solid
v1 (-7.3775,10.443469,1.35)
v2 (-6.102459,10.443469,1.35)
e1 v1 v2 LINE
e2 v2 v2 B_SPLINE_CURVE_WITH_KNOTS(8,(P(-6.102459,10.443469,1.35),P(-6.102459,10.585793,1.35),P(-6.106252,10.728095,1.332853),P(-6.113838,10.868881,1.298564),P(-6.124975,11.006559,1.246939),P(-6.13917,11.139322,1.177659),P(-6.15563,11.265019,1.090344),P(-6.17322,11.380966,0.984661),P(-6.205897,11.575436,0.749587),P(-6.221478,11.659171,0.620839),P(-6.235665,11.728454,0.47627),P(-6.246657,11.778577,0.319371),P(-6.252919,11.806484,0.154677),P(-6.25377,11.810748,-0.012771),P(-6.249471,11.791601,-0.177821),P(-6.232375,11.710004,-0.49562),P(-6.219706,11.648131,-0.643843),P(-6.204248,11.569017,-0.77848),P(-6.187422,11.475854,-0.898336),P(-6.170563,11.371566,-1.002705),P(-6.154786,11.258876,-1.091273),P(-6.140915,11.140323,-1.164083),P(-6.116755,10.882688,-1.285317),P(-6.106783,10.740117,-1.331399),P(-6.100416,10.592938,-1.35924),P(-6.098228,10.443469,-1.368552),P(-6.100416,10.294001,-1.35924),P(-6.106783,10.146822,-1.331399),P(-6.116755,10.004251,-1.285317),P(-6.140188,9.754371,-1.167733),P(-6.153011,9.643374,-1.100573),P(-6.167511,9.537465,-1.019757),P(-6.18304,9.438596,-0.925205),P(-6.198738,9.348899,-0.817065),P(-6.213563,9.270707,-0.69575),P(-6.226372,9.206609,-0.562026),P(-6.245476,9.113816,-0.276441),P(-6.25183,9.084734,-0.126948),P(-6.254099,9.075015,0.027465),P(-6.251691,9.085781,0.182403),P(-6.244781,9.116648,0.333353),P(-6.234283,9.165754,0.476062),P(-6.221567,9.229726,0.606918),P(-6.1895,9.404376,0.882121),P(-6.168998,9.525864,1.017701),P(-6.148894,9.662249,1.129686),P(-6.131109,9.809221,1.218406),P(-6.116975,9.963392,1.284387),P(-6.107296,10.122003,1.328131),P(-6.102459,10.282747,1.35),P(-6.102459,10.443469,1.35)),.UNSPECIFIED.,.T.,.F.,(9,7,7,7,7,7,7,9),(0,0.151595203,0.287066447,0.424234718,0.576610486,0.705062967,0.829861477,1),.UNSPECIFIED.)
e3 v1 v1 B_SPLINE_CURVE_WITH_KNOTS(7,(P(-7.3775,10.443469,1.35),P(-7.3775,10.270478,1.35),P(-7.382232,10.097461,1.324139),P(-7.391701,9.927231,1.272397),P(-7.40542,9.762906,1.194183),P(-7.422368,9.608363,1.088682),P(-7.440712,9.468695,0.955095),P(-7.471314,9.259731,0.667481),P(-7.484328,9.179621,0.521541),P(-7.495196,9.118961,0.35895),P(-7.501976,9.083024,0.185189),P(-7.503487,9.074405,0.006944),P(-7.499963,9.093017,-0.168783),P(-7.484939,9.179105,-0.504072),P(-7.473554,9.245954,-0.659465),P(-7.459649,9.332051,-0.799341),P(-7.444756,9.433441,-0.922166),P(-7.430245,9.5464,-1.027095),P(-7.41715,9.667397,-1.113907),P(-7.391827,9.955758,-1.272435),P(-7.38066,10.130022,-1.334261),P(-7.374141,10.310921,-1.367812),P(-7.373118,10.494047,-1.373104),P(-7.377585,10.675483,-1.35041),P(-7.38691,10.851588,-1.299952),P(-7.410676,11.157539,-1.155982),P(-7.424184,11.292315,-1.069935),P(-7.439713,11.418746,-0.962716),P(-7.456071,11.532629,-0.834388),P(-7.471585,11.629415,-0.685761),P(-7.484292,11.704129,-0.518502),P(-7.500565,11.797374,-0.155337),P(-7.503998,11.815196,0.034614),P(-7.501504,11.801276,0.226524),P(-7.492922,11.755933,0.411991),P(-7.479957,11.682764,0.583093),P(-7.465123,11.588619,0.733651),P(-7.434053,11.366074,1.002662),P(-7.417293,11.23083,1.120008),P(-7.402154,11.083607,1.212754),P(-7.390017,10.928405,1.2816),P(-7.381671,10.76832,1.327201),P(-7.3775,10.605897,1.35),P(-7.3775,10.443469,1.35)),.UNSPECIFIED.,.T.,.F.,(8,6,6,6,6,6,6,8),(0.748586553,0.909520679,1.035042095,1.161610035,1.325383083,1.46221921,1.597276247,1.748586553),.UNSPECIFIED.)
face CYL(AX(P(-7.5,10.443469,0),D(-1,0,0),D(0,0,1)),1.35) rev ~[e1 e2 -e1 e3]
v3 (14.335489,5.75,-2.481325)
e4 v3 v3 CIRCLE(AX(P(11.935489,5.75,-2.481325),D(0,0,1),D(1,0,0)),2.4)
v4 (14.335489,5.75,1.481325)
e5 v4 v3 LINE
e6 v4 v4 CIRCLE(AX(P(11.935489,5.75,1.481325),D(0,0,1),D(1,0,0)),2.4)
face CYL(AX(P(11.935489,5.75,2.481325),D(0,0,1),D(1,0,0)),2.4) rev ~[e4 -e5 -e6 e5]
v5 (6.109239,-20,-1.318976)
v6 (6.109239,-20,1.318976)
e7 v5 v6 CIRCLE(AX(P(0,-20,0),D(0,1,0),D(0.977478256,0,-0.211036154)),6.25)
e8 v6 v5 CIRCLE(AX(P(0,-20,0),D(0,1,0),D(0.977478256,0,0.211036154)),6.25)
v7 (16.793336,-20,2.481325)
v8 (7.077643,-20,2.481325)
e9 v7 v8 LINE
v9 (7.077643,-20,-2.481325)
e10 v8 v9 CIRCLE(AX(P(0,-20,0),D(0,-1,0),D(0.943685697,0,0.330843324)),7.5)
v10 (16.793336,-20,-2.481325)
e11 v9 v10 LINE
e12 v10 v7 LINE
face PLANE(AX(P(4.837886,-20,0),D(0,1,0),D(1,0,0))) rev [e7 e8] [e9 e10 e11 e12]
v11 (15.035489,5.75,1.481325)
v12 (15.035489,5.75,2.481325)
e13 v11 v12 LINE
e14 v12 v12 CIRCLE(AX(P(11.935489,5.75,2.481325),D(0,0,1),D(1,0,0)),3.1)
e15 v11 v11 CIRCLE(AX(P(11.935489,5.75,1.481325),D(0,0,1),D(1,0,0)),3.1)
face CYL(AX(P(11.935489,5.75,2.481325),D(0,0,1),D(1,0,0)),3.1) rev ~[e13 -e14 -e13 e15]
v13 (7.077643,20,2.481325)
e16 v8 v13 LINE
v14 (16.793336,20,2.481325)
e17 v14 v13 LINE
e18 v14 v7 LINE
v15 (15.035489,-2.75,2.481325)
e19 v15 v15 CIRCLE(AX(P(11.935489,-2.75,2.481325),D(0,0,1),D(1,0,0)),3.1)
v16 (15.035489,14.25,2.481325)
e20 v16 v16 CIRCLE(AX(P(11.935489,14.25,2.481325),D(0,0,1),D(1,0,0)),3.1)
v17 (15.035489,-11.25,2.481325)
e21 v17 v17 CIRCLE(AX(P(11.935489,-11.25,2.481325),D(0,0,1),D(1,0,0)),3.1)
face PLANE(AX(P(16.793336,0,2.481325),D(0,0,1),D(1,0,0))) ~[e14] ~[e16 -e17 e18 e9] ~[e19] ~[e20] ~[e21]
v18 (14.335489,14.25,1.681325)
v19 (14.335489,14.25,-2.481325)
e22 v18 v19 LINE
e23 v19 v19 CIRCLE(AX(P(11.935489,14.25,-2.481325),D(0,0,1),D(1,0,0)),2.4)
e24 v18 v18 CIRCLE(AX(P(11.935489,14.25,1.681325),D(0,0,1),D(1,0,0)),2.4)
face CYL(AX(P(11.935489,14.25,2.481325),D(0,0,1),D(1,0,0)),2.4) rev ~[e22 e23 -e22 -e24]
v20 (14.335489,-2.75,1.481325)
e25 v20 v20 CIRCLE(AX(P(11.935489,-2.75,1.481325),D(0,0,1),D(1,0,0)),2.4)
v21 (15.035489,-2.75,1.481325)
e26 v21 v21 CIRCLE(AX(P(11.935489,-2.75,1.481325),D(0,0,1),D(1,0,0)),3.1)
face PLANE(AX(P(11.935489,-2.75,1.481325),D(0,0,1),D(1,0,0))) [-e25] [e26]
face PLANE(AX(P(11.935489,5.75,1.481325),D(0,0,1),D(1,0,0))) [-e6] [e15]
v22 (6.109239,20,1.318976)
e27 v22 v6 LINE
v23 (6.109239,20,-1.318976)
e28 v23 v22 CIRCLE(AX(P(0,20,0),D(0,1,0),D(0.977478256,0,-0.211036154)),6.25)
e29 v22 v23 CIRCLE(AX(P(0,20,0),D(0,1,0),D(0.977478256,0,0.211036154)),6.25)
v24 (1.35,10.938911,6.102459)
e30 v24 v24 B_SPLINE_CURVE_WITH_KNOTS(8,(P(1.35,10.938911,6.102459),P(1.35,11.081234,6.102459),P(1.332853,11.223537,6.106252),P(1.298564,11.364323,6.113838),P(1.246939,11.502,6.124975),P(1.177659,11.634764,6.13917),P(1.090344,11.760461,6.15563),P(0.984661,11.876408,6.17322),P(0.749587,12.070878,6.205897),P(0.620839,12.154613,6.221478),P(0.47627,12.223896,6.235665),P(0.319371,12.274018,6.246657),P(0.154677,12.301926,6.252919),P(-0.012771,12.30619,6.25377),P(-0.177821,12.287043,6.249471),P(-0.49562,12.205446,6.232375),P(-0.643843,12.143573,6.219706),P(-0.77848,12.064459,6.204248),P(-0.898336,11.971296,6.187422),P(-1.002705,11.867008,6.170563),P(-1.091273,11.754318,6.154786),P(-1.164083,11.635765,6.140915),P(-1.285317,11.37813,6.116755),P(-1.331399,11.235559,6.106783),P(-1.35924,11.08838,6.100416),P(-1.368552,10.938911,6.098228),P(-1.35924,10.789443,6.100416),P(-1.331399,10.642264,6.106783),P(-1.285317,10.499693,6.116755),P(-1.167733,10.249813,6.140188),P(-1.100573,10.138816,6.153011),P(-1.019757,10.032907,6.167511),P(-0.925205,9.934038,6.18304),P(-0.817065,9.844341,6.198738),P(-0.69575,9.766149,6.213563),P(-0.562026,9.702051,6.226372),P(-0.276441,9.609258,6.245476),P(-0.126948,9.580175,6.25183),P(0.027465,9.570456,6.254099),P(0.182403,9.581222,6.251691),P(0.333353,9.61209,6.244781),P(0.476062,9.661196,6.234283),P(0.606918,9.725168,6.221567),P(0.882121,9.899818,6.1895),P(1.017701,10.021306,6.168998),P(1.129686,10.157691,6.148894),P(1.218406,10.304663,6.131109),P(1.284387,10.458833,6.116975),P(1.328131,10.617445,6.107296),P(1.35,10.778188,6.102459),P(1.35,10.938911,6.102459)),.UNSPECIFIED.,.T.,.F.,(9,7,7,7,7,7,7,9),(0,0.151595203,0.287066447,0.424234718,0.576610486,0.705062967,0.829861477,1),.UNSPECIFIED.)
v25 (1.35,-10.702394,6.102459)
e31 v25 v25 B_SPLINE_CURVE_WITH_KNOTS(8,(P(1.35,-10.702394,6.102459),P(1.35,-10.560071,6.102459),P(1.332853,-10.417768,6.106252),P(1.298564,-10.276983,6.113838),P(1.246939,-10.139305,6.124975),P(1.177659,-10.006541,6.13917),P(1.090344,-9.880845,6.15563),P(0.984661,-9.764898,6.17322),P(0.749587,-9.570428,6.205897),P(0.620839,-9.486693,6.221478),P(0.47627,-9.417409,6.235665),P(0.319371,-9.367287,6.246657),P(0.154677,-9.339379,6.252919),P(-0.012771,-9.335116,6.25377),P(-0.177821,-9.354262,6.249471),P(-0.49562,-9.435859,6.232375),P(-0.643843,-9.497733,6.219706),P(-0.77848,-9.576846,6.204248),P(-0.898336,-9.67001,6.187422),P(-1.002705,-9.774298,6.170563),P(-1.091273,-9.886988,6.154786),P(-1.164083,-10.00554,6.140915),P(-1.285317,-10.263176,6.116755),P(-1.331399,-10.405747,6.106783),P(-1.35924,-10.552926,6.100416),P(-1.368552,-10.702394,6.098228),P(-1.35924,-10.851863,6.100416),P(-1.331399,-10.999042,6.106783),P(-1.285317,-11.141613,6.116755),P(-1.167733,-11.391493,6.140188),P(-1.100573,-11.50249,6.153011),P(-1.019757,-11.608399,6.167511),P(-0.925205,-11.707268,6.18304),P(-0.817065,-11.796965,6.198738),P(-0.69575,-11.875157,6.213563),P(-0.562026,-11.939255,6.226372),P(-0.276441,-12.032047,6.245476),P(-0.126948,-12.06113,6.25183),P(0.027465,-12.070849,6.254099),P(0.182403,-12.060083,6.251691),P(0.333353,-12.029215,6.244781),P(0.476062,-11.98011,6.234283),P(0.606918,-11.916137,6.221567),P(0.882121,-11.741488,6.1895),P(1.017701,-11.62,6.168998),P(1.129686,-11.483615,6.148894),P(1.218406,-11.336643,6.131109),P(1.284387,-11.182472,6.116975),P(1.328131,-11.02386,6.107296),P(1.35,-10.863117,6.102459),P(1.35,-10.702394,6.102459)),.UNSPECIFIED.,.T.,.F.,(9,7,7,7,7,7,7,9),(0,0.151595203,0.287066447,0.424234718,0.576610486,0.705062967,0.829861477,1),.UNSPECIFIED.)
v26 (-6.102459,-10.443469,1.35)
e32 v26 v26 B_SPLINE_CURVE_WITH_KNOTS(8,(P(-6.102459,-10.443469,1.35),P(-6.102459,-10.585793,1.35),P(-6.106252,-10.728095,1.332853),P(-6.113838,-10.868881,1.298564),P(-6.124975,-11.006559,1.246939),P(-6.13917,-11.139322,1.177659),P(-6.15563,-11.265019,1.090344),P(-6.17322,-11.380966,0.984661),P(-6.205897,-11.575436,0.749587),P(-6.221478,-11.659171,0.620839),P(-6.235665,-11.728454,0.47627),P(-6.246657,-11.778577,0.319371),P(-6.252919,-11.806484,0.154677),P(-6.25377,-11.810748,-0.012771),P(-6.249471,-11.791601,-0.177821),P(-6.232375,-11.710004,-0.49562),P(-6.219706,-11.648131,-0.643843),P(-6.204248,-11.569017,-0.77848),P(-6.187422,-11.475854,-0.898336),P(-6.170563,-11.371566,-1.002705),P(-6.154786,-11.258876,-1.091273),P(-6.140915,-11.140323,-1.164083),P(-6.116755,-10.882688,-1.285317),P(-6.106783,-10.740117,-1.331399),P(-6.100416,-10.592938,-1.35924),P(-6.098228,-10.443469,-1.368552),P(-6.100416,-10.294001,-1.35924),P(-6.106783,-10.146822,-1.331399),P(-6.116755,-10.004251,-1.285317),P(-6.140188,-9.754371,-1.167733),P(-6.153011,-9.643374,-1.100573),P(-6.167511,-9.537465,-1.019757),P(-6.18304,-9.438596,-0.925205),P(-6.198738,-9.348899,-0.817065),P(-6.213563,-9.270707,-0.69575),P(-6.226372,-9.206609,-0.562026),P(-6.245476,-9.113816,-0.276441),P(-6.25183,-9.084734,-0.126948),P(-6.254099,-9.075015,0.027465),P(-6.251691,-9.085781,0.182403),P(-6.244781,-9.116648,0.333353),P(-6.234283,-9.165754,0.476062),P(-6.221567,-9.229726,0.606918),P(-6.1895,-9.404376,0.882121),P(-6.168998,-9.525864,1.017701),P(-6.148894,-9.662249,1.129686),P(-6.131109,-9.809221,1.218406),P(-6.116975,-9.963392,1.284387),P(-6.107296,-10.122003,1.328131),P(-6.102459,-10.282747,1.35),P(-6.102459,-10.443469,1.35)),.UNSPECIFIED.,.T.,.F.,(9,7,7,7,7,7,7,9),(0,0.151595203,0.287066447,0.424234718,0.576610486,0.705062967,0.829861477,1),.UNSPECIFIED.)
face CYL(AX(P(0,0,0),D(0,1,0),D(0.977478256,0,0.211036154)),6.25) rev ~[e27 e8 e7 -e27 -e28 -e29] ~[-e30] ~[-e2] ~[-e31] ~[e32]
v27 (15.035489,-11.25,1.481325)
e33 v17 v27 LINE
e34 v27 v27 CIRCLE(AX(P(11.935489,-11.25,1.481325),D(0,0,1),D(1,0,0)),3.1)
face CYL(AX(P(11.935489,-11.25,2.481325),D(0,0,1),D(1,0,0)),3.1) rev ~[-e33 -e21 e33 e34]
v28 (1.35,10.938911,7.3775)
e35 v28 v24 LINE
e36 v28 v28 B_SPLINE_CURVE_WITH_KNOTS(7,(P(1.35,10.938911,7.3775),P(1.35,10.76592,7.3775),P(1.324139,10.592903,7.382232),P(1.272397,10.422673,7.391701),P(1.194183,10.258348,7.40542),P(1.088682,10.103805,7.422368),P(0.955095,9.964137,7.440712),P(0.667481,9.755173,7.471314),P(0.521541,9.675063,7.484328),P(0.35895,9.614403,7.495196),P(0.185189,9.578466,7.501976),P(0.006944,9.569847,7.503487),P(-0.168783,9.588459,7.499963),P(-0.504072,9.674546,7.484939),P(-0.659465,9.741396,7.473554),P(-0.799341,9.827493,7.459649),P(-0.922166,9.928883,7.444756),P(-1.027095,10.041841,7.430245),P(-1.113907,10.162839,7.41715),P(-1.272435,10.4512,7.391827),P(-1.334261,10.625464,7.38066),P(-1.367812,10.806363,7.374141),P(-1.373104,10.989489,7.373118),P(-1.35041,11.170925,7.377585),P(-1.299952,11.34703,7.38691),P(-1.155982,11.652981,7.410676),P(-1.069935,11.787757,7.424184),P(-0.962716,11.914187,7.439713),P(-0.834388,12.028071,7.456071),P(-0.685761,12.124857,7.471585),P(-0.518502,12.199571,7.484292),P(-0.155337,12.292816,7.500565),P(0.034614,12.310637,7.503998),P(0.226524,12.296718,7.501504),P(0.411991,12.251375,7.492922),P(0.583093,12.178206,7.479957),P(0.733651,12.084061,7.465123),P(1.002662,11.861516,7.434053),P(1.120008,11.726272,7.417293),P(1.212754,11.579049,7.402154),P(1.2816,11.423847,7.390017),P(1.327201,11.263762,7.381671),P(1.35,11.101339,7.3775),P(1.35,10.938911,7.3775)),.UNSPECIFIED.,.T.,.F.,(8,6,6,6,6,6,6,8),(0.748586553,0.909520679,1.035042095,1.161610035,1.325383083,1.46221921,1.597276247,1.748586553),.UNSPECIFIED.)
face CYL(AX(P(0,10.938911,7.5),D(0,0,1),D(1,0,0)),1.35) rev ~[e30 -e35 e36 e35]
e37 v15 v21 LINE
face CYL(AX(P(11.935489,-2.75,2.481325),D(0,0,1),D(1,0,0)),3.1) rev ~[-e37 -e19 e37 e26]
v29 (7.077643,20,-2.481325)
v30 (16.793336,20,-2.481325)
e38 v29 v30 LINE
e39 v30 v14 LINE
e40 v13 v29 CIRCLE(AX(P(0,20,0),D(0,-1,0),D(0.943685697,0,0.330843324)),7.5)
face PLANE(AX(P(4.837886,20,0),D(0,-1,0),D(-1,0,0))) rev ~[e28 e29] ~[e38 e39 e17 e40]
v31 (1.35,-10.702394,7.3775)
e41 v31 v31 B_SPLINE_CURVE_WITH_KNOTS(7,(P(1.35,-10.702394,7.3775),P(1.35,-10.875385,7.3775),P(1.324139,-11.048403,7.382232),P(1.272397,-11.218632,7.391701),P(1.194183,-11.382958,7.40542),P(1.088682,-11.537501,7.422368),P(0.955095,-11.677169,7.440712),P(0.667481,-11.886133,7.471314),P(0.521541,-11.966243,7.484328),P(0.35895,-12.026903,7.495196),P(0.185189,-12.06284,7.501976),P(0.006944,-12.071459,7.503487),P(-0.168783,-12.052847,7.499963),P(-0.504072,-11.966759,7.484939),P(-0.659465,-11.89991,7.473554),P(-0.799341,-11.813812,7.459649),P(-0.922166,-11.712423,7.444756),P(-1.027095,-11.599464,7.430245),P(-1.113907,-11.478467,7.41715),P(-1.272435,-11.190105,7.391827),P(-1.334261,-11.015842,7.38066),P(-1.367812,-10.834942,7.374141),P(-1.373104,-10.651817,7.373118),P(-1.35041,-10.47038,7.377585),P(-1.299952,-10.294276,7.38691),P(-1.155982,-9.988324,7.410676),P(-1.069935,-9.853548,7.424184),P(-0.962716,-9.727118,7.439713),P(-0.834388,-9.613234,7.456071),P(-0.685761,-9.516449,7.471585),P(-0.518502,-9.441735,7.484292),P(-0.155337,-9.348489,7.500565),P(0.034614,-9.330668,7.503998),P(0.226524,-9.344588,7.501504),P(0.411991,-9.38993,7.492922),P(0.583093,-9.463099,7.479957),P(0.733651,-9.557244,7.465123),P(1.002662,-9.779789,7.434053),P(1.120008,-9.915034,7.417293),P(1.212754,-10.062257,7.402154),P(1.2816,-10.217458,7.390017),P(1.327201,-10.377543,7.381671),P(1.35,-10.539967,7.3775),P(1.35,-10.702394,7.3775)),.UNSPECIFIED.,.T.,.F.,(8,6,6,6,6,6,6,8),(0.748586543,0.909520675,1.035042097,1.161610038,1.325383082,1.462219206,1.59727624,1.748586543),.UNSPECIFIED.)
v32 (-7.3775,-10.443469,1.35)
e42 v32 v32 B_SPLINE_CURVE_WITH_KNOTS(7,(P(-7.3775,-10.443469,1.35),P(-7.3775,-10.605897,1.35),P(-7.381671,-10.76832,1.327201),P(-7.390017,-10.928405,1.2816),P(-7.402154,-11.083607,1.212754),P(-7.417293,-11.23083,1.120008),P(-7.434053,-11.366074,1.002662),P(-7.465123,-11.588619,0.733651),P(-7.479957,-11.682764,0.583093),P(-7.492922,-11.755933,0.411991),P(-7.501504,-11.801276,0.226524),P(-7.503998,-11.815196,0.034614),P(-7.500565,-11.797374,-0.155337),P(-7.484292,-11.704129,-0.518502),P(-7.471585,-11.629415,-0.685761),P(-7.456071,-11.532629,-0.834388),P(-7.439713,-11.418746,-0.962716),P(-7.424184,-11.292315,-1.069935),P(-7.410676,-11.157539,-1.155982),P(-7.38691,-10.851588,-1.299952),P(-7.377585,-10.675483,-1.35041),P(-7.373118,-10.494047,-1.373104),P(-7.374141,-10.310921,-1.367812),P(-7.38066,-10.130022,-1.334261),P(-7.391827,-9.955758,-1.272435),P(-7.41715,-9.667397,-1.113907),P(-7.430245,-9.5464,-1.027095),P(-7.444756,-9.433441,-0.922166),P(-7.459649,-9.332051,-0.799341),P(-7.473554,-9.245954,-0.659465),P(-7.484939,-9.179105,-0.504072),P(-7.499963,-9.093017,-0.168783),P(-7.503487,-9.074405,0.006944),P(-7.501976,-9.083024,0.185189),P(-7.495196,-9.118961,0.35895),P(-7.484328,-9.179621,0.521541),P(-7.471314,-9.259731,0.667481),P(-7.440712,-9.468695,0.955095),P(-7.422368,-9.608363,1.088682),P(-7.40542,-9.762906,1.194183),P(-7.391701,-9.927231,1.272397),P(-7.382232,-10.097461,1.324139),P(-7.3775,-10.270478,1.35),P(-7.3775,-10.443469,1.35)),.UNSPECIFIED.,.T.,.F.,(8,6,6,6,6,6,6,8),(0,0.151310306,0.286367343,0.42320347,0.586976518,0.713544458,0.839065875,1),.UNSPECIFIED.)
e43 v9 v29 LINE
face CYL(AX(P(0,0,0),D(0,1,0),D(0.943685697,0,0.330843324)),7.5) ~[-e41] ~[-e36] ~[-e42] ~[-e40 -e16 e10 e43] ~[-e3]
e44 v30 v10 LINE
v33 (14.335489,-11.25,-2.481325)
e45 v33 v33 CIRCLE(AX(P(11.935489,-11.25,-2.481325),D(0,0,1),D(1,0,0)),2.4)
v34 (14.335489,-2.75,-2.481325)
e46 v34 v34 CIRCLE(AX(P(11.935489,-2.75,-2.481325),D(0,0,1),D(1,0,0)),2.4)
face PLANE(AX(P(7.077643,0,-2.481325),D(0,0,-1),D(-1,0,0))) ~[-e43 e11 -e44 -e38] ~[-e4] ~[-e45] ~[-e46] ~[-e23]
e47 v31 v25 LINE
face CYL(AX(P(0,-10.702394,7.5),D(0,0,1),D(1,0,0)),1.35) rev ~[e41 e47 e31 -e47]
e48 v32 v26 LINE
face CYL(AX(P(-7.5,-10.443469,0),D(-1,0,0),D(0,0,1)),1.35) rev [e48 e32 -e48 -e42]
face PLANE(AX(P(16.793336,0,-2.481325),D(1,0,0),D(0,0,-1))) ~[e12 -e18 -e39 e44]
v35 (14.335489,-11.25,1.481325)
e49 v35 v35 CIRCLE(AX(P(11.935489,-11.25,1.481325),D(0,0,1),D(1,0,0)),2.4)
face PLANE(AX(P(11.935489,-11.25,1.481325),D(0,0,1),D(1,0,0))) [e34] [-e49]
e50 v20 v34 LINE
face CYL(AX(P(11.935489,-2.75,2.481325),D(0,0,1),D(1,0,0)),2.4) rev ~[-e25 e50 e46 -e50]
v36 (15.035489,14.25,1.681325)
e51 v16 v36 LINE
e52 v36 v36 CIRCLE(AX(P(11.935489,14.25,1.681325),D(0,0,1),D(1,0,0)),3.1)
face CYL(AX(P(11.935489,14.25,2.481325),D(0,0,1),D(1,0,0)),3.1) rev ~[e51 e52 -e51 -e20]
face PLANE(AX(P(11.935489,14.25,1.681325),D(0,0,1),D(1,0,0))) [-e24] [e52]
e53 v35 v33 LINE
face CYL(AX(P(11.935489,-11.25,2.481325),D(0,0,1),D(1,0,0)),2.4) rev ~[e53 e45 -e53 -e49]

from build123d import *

# Parameters (mm, degrees)
BOSS_EXTRUDE1_DEPTH     = 20
SKETCH2_R               = 2.4
CUT_EXTRUDE2_DEPTH      = 28.957878519
SKETCH3_R               = 3.1
CUT_EXTRUDE3_DEPTH      = 0.8
CUT_EXTRUDE4_REACH      = 34.348
CUT_EXTRUDE4_END_RADIUS = 6.25
SKETCH4_R               = 1.35
SKETCH5_R               = 1.35
CUT_EXTRUDE5_DEPTH      = 5
SKETCH6_R               = 2.4
CUT_EXTRUDE6_DEPTH      = 5
SKETCH7_R               = 3.1
CUT_EXTRUDE7_DEPTH      = 1


with BuildPart() as part:
    # Sketch1 → Boss-Extrude1 (new body)
    with BuildSketch(Plane(origin=(0, 0, 0), x_dir=(1, 0, 0), z_dir=(0, 1, 0))):
        with BuildLine():
            Line((7.077642728, 2.481324931), (16.7933357, 2.481324931))
            Line((16.7933357, 2.481324931), (16.7933357, 0.453397708))
            Line((16.7933357, 0.453397708), (16.7933357, -0.453397708))
            Line((16.7933357, -0.453397708), (16.7933357, -2.481324931))
            Line((16.7933357, -2.481324931), (7.077642728, -2.481324931))
            ThreePointArc((7.077642728, -2.481324931), (-7.5, 0), (7.077642728, 2.481324931))
        make_face()
        with BuildLine():
            ThreePointArc((6.109239102, 1.318975964), (-6.25, 0), (6.109239102, -1.318975964))
            ThreePointArc((6.109239102, -1.318975964), (6.25, 0), (6.109239102, 1.318975964))
        make_face(mode=Mode.SUBTRACT)
    boss_extrude1 = extrude(amount=BOSS_EXTRUDE1_DEPTH)

    # Sketch2 → Cut-Extrude2 (cut, through all)
    with BuildSketch(Plane.XY.offset(2.481324931)):
        with Locations((11.935489214, 14.25)):
            Circle(SKETCH2_R)
        with Locations((11.935489214, 5.75)):
            Circle(SKETCH2_R)
    extrude(amount=-CUT_EXTRUDE2_DEPTH, mode=Mode.SUBTRACT)

    # Sketch3 → Cut-Extrude3 (cut)
    with BuildSketch(Plane.XY.offset(2.481324931)):
        with Locations((11.935489214, 14.25)):
            Circle(SKETCH3_R)
        with Locations((11.935489214, 5.75)):
            Circle(SKETCH3_R)
    extrude(amount=-CUT_EXTRUDE3_DEPTH, mode=Mode.SUBTRACT)

    # Cut-Extrude4: up to this cylinder (the profile starts outside it)
    cut_extrude4_end = Plane(origin=(0, 10.443469, 0), z_dir=(0, -1, 0)) * Cylinder(CUT_EXTRUDE4_END_RADIUS, 82.196, mode=Mode.PRIVATE)
    # Sketch4 → Cut-Extrude4 (cut, up to the surface)
    with BuildSketch(Plane.ZY.offset(7.5), mode=Mode.PRIVATE) as cut_extrude4_sk1:
        with Locations((0, 10.443469374)):
            Circle(SKETCH4_R)
    cut_extrude4_tool1 = extrude(cut_extrude4_sk1.sketch, amount=-CUT_EXTRUDE4_REACH, mode=Mode.PRIVATE) - cut_extrude4_end
    cut_extrude4 = cut_extrude4_tool1.solids().sort_by_distance((-7.5, 10.443469, 0))[0]
    add(cut_extrude4, mode=Mode.SUBTRACT)

    # Mirror2: Boss-Extrude1, Cut-Extrude4 across plane
    add(boss_extrude1.mirror(Plane.ZX))
    add(cut_extrude4.mirror(Plane.ZX), mode=Mode.SUBTRACT)

    # Sketch5 → Cut-Extrude5 (cut)
    with BuildSketch(Plane.XY.offset(7.5)):
        with Locations((0, 10.938911234)):
            Circle(SKETCH5_R)
        with Locations((0, -10.702394235)):
            Circle(SKETCH5_R)
    extrude(amount=-CUT_EXTRUDE5_DEPTH, mode=Mode.SUBTRACT)

    # Sketch6 → Cut-Extrude6 (cut)
    with BuildSketch(Plane.XY.offset(2.481324931)):
        with Locations((11.935489214, -11.25)):
            Circle(SKETCH6_R)
        with Locations((11.935489214, -2.75)):
            Circle(SKETCH6_R)
    extrude(amount=-CUT_EXTRUDE6_DEPTH, mode=Mode.SUBTRACT)

    # Sketch7 → Cut-Extrude7 (cut)
    with BuildSketch(Plane.XY.offset(2.481324931)):
        with Locations((11.935489214, 5.75)):
            Circle(SKETCH7_R)
        with Locations((11.935489214, -2.75)):
            Circle(SKETCH7_R)
        with Locations((11.935489214, -11.25)):
            Circle(SKETCH7_R)
    extrude(amount=-CUT_EXTRUDE7_DEPTH, mode=Mode.SUBTRACT)


solid = part.part
